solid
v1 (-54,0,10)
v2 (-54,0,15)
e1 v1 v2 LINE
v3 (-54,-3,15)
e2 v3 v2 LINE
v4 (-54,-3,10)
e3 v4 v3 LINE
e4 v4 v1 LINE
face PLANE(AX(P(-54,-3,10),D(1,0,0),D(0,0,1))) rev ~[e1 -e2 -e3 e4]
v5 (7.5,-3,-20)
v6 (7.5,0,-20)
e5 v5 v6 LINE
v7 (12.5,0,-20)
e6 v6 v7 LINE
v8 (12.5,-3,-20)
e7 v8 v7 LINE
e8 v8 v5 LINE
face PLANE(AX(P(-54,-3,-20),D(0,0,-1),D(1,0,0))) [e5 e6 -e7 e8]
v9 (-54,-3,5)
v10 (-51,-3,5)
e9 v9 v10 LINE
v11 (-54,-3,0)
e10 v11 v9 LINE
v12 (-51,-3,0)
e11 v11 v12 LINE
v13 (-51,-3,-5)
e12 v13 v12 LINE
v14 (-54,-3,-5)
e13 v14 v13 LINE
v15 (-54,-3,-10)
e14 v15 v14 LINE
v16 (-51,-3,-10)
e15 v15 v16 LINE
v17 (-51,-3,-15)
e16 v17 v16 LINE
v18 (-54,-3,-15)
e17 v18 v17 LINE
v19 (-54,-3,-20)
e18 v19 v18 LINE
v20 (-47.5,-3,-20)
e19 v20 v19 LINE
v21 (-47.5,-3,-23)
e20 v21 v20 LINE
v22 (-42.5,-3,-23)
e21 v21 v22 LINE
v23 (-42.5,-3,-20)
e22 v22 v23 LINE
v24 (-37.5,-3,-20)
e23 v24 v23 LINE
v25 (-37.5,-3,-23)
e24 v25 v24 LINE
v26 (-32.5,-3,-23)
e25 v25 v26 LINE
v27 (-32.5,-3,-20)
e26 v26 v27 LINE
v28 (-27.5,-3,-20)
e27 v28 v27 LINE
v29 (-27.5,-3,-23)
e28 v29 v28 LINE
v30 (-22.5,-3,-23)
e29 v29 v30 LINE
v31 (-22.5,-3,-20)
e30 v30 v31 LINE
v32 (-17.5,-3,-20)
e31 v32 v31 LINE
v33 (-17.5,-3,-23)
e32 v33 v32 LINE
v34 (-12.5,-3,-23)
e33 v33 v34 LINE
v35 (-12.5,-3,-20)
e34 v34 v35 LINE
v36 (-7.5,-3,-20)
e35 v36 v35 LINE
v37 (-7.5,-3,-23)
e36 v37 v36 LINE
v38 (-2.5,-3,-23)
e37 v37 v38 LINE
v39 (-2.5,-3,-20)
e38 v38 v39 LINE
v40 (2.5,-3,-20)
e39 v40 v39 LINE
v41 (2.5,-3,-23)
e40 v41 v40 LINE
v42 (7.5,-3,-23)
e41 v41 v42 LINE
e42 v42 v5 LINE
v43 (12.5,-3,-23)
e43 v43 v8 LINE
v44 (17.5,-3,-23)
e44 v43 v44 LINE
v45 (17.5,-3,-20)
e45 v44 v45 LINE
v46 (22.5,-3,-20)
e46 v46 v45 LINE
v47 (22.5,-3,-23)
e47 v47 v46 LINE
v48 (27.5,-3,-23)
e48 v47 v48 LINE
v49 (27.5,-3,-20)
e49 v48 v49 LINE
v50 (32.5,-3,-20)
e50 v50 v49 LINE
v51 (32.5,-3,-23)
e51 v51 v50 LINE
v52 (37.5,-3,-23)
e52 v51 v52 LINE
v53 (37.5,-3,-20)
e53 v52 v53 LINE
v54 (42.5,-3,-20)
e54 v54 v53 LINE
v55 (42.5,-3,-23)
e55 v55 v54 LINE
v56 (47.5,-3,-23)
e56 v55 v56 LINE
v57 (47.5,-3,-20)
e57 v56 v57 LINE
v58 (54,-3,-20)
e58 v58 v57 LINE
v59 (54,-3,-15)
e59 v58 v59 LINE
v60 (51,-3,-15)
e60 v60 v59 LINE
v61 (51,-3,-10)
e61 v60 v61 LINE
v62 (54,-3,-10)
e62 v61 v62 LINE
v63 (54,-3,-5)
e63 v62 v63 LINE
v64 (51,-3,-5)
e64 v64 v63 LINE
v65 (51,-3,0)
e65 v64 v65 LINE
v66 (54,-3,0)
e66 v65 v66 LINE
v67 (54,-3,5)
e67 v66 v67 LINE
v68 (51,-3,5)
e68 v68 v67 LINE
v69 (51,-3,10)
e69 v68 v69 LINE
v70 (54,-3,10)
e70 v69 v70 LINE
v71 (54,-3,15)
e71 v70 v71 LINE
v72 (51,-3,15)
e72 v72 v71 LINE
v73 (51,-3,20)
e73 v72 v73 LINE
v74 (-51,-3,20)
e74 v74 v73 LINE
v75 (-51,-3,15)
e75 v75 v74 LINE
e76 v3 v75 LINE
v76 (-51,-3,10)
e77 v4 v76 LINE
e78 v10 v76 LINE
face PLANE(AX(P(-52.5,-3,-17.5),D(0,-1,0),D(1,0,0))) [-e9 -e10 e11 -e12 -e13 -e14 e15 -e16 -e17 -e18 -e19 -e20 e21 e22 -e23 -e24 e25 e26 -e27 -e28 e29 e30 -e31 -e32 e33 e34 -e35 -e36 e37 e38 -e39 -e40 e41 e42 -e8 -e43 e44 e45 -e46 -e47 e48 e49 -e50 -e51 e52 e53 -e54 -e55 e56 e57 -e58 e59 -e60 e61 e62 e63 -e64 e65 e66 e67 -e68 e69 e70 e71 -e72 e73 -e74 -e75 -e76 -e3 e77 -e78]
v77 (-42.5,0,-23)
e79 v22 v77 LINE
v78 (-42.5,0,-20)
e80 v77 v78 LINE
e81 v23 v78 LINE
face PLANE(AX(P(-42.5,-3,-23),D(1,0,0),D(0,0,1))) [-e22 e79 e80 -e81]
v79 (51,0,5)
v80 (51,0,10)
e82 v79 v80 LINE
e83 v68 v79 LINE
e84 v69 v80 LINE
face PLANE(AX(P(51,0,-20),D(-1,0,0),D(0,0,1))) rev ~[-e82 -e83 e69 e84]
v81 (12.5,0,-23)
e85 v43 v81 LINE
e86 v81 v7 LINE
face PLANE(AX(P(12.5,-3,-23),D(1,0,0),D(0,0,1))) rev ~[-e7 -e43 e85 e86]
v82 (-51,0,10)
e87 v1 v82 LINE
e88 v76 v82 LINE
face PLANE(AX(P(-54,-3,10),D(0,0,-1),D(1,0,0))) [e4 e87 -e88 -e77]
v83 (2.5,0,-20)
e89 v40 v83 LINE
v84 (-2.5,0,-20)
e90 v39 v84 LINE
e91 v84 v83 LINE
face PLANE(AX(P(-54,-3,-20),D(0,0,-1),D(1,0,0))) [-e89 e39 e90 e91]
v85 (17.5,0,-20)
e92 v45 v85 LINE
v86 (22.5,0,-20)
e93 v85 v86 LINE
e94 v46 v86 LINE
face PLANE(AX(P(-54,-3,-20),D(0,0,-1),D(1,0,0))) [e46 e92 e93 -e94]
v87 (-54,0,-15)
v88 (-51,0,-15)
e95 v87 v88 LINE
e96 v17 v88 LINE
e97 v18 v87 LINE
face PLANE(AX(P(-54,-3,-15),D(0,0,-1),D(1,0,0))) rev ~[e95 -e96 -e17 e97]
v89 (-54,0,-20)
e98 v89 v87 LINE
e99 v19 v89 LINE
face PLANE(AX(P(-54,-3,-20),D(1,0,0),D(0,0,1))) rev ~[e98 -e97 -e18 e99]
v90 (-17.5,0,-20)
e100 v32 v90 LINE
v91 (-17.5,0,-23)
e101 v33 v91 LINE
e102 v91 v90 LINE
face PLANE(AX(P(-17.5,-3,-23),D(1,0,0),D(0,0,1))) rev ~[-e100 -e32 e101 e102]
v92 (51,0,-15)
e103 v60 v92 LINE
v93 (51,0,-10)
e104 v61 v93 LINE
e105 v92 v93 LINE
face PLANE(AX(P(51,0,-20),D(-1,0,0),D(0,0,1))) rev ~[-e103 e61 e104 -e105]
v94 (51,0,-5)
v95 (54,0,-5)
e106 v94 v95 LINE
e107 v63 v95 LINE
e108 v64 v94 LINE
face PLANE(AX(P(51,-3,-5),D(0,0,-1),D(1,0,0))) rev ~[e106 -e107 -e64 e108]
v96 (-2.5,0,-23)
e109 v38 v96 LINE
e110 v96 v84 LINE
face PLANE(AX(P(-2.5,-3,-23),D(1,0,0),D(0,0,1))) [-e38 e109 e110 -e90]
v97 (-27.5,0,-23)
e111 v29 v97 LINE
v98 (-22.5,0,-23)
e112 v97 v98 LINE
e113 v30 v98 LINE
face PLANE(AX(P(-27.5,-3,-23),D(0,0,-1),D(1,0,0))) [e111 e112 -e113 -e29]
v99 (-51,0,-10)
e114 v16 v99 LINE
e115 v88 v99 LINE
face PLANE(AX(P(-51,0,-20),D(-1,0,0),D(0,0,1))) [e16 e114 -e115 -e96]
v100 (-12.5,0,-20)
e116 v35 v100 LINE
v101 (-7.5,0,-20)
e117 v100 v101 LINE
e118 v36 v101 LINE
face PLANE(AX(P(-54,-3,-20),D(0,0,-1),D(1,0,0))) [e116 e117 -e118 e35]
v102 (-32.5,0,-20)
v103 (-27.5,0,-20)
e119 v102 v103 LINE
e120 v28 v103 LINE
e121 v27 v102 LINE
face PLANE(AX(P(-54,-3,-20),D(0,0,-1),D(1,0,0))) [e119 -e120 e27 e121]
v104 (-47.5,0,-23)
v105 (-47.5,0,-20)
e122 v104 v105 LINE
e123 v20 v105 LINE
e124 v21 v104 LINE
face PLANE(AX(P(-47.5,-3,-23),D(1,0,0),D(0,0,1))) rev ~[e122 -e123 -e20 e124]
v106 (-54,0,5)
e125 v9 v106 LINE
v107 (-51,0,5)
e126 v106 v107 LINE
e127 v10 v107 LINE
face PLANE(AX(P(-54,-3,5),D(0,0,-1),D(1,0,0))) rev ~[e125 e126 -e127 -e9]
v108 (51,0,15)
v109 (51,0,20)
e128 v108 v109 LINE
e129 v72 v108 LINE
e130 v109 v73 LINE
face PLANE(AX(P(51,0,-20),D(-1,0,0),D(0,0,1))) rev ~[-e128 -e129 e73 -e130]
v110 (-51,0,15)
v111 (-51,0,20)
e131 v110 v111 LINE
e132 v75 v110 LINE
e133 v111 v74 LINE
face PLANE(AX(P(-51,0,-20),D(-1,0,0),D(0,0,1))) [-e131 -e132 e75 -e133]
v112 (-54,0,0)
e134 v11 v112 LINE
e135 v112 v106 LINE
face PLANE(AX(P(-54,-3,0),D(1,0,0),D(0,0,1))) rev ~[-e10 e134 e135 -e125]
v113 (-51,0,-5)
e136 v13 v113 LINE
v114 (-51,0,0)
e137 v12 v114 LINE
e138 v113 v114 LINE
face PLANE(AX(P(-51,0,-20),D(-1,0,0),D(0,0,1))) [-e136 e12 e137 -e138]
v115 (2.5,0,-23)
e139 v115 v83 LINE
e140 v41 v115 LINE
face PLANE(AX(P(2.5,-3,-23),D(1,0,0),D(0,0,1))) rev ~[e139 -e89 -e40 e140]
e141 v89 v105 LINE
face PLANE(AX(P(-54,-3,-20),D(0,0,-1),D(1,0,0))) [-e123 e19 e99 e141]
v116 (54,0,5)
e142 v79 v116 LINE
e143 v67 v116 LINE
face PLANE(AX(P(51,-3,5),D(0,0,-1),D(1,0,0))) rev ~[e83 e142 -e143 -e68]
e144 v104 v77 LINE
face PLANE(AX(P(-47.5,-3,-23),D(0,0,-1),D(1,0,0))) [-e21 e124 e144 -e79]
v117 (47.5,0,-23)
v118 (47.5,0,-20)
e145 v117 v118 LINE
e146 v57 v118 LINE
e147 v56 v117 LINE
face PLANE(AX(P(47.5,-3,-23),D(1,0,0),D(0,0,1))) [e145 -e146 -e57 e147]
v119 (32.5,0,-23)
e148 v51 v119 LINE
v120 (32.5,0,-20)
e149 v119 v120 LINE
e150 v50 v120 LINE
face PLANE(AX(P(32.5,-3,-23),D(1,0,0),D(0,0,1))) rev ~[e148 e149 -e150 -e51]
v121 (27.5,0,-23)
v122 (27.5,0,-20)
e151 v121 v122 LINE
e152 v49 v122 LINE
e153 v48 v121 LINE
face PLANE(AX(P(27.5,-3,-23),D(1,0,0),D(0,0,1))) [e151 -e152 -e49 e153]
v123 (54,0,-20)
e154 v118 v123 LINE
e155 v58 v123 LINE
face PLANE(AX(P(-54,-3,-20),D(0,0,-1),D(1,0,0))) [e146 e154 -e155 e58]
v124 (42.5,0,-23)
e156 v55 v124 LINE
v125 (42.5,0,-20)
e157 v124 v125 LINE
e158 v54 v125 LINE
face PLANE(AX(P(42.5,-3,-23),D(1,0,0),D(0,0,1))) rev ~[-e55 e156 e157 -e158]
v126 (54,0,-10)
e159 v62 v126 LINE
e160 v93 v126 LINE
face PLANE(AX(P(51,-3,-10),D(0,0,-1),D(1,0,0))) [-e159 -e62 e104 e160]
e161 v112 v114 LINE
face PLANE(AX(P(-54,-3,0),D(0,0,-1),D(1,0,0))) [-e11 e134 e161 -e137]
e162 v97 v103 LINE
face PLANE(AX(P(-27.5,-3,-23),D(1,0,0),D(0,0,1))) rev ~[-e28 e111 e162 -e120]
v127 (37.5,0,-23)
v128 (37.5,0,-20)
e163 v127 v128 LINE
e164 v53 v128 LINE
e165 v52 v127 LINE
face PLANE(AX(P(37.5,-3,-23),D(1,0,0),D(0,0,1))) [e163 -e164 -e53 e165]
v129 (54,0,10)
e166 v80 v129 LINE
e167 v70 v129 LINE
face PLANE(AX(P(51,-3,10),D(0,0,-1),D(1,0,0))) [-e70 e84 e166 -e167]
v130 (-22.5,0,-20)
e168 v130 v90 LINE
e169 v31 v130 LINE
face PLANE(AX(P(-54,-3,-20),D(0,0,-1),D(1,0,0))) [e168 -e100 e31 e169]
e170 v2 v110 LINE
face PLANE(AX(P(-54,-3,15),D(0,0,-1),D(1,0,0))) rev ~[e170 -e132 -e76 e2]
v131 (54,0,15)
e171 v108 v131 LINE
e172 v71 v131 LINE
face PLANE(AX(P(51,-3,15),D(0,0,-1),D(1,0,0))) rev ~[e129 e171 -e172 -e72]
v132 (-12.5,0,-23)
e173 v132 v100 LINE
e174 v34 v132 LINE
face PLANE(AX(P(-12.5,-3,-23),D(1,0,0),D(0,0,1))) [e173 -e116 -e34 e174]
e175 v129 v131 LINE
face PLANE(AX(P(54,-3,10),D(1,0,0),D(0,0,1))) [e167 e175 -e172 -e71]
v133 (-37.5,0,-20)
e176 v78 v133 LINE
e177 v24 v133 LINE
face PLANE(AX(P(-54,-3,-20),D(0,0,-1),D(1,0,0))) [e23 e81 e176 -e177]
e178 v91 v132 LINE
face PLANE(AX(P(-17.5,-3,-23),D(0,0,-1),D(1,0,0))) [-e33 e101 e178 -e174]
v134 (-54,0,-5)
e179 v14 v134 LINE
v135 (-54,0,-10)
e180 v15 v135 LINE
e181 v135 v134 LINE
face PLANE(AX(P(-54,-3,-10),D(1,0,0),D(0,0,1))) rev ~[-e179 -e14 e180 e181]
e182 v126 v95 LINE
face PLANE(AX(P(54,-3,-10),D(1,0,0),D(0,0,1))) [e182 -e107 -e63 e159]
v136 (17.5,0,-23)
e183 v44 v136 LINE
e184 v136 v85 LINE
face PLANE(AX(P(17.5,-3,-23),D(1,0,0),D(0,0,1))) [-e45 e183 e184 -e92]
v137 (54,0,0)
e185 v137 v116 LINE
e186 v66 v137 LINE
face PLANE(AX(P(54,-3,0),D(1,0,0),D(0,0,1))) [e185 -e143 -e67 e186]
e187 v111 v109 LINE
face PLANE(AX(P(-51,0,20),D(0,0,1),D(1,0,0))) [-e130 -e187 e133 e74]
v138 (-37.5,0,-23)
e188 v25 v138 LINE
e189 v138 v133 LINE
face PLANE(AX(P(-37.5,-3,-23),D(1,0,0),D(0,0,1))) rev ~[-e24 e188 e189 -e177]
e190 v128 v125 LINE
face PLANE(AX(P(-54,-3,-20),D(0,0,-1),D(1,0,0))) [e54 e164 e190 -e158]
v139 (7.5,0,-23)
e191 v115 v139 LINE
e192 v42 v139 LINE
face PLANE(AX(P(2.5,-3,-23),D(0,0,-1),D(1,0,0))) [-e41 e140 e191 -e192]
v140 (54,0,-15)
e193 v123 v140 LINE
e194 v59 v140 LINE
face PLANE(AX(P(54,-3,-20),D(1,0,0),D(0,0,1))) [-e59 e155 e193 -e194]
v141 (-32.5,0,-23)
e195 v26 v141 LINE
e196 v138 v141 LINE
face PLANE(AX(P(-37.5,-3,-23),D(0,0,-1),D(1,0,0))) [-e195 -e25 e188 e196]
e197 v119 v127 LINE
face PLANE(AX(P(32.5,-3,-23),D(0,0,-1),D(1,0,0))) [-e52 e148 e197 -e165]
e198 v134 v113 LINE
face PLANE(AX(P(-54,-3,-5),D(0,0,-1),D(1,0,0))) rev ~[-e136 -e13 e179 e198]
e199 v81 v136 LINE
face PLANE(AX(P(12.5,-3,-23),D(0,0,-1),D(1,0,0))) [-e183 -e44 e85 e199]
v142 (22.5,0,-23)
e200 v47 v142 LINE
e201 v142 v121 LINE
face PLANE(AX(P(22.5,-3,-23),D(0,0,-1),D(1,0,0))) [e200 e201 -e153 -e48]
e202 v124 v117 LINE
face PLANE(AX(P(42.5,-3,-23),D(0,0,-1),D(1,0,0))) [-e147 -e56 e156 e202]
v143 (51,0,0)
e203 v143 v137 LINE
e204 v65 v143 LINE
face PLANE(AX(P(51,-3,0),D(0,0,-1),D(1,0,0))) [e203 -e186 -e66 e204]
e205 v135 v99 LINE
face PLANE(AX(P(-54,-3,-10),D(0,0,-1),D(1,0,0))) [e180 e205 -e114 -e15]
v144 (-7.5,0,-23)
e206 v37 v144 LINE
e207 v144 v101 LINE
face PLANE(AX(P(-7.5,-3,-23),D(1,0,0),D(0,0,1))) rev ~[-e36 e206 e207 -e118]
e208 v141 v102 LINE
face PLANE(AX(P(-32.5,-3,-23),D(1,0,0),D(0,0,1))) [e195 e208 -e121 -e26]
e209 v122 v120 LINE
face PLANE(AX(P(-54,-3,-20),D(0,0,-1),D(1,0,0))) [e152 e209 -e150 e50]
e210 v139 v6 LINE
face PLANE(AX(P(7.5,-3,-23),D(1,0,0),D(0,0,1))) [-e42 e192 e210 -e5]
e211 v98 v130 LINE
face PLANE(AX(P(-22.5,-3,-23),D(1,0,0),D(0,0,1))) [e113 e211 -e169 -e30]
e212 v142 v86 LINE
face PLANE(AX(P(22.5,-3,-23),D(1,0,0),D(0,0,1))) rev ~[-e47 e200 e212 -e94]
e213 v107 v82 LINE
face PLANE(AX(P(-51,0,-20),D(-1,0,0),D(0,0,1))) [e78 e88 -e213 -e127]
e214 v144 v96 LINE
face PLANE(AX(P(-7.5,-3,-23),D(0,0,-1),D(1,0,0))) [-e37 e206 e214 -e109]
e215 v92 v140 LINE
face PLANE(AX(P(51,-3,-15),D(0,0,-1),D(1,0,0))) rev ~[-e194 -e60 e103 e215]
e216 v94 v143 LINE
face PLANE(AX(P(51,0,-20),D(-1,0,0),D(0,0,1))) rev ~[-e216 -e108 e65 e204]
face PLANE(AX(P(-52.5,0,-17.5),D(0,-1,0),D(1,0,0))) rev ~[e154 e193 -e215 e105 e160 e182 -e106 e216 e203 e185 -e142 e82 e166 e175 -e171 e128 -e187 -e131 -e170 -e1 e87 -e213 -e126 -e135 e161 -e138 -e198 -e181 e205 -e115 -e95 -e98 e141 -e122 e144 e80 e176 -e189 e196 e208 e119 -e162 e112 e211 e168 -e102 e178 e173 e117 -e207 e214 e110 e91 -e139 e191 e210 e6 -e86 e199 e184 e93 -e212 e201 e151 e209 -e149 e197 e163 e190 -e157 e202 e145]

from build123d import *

# Parameters (mm, degrees)
F0_W     = 102
F0_H     = 40
F1_DEPTH = 3
F2_W     = 3
F2_H     = 5
F3_DEPTH = 3
F4_W     = 5
F4_H     = 3
F5_DEPTH = 3


with BuildPart() as f1:
    # F0 (on Front) → F1 (new body)
    with BuildSketch(Plane.XZ):
        Rectangle(F0_W, F0_H)
    extrude(amount=F1_DEPTH)

    # F2 (on face) → F3 (join)
    with BuildSketch(Plane.XZ.offset(3)):
        with Locations((-52.5, -17.5)):
            Rectangle(F2_W, F2_H)
        with Locations((-52.5, -7.5)):
            Rectangle(F2_W, F2_H)
        with Locations((-52.5, 2.5)):
            Rectangle(F2_W, F2_H)
        with Locations((-52.5, 12.5)):
            Rectangle(F2_W, F2_H)
        with Locations((52.5, -7.5)):
            Rectangle(F2_W, F2_H)
        with Locations((52.5, -17.5)):
            Rectangle(F2_W, F2_H)
        with Locations((52.5, 12.5)):
            Rectangle(F2_W, F2_H)
        with Locations((52.5, 2.5)):
            Rectangle(F2_W, F2_H)
    extrude(amount=-F3_DEPTH)

    # F4 (on face) → F5 (join)
    with BuildSketch(Plane.XZ.offset(3)):
        with Locations((5, -21.5)):
            Rectangle(F4_W, F4_H)
        with Locations((15, -21.5)):
            Rectangle(F4_W, F4_H)
        with Locations((25, -21.5)):
            Rectangle(F4_W, F4_H)
        with Locations((35, -21.5)):
            Rectangle(F4_W, F4_H)
        with Locations((45, -21.5)):
            Rectangle(F4_W, F4_H)
        with Locations((-25, -21.5)):
            Rectangle(F4_W, F4_H)
        with Locations((-15, -21.5)):
            Rectangle(F4_W, F4_H)
        with Locations((-5, -21.5)):
            Rectangle(F4_W, F4_H)
        with Locations((-35, -21.5)):
            Rectangle(F4_W, F4_H)
        with Locations((-45, -21.5)):
            Rectangle(F4_W, F4_H)
    extrude(amount=-F5_DEPTH)


solid = f1.part
